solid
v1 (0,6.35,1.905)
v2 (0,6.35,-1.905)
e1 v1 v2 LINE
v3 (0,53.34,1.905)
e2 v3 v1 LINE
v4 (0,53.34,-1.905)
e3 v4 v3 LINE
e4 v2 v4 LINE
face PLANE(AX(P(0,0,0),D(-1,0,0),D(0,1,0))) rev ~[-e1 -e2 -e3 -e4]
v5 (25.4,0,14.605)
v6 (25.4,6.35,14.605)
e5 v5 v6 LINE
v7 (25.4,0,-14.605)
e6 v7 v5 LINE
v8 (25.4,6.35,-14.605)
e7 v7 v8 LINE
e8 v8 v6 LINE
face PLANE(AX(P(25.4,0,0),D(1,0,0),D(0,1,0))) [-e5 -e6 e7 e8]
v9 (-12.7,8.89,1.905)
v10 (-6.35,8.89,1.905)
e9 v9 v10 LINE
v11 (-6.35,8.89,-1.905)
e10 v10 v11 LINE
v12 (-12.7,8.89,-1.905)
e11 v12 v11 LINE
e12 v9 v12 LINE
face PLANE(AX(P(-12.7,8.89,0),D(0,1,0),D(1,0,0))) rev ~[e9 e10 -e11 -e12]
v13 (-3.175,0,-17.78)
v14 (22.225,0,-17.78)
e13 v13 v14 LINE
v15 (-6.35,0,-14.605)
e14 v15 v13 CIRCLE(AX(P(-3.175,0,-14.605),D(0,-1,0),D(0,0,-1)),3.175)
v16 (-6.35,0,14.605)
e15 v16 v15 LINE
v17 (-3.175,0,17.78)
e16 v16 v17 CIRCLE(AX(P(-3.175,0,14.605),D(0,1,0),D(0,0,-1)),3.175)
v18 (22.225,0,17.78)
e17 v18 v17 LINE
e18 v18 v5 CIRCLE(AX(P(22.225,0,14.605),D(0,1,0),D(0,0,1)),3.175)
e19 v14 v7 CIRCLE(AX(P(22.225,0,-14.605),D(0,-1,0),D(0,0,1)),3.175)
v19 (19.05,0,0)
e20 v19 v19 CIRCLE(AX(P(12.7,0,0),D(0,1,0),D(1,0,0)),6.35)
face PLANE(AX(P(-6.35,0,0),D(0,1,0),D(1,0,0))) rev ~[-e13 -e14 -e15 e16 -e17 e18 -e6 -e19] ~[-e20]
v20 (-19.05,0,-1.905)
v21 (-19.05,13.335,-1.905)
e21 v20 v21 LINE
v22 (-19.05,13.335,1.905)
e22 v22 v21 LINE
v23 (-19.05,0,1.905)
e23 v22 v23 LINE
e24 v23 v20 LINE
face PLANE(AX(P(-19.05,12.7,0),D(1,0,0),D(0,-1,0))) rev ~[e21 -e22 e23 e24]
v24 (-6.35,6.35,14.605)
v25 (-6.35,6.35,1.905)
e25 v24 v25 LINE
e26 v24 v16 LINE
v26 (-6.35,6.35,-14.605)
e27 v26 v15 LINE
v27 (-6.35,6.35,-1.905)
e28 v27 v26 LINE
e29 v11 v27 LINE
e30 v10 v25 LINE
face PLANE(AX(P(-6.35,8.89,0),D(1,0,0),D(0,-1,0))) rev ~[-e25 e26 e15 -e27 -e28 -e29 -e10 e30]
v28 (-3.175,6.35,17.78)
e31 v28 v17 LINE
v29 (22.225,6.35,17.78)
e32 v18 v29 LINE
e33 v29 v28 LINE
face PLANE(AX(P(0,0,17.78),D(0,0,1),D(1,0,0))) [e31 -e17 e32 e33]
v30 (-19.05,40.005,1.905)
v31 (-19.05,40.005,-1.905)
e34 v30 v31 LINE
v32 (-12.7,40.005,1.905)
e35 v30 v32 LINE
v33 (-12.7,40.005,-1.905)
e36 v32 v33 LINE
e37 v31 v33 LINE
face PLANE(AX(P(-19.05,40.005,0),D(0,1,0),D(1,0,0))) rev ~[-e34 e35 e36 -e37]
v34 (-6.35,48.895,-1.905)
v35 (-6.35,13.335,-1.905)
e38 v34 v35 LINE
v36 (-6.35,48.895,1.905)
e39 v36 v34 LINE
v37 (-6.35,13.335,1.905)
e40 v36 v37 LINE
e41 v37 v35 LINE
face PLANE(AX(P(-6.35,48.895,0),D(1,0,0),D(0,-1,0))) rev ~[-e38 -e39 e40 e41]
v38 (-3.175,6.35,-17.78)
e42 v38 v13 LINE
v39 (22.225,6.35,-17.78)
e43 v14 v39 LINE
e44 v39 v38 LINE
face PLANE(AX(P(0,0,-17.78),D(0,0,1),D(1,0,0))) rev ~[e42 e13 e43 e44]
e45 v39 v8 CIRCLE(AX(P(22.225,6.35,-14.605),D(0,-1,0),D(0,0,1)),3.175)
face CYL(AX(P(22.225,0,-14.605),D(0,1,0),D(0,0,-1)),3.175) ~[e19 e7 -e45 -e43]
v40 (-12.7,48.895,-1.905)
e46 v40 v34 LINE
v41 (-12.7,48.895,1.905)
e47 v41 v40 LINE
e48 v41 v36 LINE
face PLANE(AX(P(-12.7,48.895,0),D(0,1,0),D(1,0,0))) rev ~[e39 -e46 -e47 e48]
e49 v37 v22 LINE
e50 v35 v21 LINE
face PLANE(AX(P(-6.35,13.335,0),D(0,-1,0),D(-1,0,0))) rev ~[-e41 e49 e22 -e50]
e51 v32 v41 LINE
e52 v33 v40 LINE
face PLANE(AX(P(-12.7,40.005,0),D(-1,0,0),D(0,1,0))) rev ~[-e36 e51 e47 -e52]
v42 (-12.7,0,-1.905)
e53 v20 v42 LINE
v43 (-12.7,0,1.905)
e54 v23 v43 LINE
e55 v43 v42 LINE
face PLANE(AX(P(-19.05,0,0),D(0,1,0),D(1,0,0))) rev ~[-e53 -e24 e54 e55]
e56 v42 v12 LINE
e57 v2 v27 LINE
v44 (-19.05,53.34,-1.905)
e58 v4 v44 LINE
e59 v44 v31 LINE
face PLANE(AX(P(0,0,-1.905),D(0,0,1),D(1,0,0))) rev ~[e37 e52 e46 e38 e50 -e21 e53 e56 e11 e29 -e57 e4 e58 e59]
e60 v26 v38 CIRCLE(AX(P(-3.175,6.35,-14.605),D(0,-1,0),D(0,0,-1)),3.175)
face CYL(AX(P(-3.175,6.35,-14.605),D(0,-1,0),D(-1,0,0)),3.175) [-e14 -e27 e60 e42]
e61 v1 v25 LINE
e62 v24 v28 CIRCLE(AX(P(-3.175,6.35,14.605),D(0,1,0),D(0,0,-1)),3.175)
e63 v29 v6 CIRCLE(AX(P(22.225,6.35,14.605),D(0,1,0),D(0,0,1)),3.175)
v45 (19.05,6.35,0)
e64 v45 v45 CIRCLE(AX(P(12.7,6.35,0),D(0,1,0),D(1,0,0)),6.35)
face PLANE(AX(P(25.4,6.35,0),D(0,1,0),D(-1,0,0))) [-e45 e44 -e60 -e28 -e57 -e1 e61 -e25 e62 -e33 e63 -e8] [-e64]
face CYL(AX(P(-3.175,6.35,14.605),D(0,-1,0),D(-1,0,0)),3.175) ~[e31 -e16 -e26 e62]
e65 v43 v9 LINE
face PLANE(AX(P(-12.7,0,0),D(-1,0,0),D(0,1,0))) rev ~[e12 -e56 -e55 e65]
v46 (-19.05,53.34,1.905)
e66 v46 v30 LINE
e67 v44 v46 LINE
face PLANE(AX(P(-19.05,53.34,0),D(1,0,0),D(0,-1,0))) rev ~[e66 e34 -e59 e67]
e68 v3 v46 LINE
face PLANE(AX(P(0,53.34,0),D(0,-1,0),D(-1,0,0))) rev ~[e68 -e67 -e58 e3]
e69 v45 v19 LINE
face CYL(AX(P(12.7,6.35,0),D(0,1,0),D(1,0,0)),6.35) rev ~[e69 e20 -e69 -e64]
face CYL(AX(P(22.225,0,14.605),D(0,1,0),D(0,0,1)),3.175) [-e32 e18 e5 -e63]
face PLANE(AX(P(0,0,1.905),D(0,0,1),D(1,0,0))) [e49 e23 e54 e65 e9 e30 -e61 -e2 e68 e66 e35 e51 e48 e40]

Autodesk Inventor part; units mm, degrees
ref_plane "YZ Plane" through (0, 0, 0) normal (1, 0, 0) x (0, 1, 0)
ref_plane "XZ Plane" through (0, 0, 0) normal (0, 1, 0) x (-1, 0, 0)
ref_plane "XY Plane" through (0, 0, 0) normal (0, 0, 1) x (1, 0, 0)
sketch "Sketch1" plane through (0, 0, 0) normal (0, 0, 1) x (1, 0, 0)
  line L0 (0, 6.35) -> (0, 53.34)
  line L1 (0, 53.34) -> (-19.05, 53.34)
  line L2 (-19.05, 53.34) -> (-19.05, 55.245)
  line L3 (-12.7, 48.895) -> (-6.35, 48.895)
  line L4 (-6.35, 48.895) -> (-6.35, 13.335)
  line L5 (-6.35, 13.335) -> (-19.05, 13.335)
  line L6 (-19.05, 13.335) -> (-19.05, 12.7)
  line L7 (-12.7, 8.89) -> (-6.35, 8.89)
  line L8 (-6.35, 8.89) -> (-6.35, 0)
  line L9 (-6.35, 0) -> (0, 0)
  line L10 (-19.05, 55.245) -> (-19.05, 40.005)
  line L11 (-19.05, 40.005) -> (-12.7, 40.005)
  line L12 (-12.7, 40.005) -> (-12.7, 48.895)
  line L13 (-19.05, 12.7) -> (-19.05, 0)
  line L14 (-19.05, 0) -> (-12.7, 0)
  line L15 (-12.7, 0) -> (-12.7, 8.89)
  line L16 (0, 0) -> (0, 6.35)
  point P0 (-19.05, 53.34)
  point P1 (-19.05, 11.43)
  dimension "d1" = 35.56
  dimension "d2" = 4.445
  dimension "d3" = 4.445
  dimension "d4" = 6.35
  dimension "d6" = 6.35
  dimension "d7" = 6.35
  dimension "d13" = 13.335
  dimension "d14" = 13.335
extrude "Extrusion1" add sketch "Sketch1" along normal mid plane 3.81
sketch "Sketch4" plane through (0, 0, 0) normal (0, 0, 1) x (1, 0, 0)
  line L0 (0, 0) -> (-6.35, 0) projected
  line L1 (-6.35, 0) -> (25.4, 0)
  line L2 (25.4, 0) -> (25.4, 6.35)
  line L3 (25.4, 6.35) -> (-6.35, 6.35)
  line L4 (-6.35, 6.35) -> (-6.35, 0)
  dimension "d23" = 31.75
  dimension "d24" = 6.35
extrude "Extrusion4" add sketch "Sketch4" against normal mid plane 35.56
sketch "Sketch5" plane through (-6.35, 6.35, 17.78) normal (0, 1, 0) x (1, 0, 0)
  line L0 (31.75, 35.56) -> (0, 35.56) construction
  line L1 (6.35, 35.56) -> (6.35, 0) construction
  line L2 (31.75, 0) -> (0, 0) construction
  line L3 (31.75, 35.56) -> (31.75, 0) construction
  line L4 (6.35, 35.56) -> (31.75, 0) construction
  line L5 (31.75, 0) -> (6.35, 0) construction
  line L6 (31.75, 35.56) -> (6.35, 0) construction
  circle A0 centre (19.05, 17.78) radius 6.35
  point P0 (6.35, 17.78)
  dimension "d27" = 12.7
extrude "Extrusion5" cut sketch "Sketch5" against normal through all
fillet "Fillet2" radius 3.175 4 edges at (-6.35, 3.175, 17.78) (25.4, 3.175, 17.78) (25.4, 3.175, -17.78) (-6.35, 3.175, -17.78)
equation "\"d11\" = width"
equation "\"width\" = 3.81"
properties part number "round_0_5_inchHoleV01"
